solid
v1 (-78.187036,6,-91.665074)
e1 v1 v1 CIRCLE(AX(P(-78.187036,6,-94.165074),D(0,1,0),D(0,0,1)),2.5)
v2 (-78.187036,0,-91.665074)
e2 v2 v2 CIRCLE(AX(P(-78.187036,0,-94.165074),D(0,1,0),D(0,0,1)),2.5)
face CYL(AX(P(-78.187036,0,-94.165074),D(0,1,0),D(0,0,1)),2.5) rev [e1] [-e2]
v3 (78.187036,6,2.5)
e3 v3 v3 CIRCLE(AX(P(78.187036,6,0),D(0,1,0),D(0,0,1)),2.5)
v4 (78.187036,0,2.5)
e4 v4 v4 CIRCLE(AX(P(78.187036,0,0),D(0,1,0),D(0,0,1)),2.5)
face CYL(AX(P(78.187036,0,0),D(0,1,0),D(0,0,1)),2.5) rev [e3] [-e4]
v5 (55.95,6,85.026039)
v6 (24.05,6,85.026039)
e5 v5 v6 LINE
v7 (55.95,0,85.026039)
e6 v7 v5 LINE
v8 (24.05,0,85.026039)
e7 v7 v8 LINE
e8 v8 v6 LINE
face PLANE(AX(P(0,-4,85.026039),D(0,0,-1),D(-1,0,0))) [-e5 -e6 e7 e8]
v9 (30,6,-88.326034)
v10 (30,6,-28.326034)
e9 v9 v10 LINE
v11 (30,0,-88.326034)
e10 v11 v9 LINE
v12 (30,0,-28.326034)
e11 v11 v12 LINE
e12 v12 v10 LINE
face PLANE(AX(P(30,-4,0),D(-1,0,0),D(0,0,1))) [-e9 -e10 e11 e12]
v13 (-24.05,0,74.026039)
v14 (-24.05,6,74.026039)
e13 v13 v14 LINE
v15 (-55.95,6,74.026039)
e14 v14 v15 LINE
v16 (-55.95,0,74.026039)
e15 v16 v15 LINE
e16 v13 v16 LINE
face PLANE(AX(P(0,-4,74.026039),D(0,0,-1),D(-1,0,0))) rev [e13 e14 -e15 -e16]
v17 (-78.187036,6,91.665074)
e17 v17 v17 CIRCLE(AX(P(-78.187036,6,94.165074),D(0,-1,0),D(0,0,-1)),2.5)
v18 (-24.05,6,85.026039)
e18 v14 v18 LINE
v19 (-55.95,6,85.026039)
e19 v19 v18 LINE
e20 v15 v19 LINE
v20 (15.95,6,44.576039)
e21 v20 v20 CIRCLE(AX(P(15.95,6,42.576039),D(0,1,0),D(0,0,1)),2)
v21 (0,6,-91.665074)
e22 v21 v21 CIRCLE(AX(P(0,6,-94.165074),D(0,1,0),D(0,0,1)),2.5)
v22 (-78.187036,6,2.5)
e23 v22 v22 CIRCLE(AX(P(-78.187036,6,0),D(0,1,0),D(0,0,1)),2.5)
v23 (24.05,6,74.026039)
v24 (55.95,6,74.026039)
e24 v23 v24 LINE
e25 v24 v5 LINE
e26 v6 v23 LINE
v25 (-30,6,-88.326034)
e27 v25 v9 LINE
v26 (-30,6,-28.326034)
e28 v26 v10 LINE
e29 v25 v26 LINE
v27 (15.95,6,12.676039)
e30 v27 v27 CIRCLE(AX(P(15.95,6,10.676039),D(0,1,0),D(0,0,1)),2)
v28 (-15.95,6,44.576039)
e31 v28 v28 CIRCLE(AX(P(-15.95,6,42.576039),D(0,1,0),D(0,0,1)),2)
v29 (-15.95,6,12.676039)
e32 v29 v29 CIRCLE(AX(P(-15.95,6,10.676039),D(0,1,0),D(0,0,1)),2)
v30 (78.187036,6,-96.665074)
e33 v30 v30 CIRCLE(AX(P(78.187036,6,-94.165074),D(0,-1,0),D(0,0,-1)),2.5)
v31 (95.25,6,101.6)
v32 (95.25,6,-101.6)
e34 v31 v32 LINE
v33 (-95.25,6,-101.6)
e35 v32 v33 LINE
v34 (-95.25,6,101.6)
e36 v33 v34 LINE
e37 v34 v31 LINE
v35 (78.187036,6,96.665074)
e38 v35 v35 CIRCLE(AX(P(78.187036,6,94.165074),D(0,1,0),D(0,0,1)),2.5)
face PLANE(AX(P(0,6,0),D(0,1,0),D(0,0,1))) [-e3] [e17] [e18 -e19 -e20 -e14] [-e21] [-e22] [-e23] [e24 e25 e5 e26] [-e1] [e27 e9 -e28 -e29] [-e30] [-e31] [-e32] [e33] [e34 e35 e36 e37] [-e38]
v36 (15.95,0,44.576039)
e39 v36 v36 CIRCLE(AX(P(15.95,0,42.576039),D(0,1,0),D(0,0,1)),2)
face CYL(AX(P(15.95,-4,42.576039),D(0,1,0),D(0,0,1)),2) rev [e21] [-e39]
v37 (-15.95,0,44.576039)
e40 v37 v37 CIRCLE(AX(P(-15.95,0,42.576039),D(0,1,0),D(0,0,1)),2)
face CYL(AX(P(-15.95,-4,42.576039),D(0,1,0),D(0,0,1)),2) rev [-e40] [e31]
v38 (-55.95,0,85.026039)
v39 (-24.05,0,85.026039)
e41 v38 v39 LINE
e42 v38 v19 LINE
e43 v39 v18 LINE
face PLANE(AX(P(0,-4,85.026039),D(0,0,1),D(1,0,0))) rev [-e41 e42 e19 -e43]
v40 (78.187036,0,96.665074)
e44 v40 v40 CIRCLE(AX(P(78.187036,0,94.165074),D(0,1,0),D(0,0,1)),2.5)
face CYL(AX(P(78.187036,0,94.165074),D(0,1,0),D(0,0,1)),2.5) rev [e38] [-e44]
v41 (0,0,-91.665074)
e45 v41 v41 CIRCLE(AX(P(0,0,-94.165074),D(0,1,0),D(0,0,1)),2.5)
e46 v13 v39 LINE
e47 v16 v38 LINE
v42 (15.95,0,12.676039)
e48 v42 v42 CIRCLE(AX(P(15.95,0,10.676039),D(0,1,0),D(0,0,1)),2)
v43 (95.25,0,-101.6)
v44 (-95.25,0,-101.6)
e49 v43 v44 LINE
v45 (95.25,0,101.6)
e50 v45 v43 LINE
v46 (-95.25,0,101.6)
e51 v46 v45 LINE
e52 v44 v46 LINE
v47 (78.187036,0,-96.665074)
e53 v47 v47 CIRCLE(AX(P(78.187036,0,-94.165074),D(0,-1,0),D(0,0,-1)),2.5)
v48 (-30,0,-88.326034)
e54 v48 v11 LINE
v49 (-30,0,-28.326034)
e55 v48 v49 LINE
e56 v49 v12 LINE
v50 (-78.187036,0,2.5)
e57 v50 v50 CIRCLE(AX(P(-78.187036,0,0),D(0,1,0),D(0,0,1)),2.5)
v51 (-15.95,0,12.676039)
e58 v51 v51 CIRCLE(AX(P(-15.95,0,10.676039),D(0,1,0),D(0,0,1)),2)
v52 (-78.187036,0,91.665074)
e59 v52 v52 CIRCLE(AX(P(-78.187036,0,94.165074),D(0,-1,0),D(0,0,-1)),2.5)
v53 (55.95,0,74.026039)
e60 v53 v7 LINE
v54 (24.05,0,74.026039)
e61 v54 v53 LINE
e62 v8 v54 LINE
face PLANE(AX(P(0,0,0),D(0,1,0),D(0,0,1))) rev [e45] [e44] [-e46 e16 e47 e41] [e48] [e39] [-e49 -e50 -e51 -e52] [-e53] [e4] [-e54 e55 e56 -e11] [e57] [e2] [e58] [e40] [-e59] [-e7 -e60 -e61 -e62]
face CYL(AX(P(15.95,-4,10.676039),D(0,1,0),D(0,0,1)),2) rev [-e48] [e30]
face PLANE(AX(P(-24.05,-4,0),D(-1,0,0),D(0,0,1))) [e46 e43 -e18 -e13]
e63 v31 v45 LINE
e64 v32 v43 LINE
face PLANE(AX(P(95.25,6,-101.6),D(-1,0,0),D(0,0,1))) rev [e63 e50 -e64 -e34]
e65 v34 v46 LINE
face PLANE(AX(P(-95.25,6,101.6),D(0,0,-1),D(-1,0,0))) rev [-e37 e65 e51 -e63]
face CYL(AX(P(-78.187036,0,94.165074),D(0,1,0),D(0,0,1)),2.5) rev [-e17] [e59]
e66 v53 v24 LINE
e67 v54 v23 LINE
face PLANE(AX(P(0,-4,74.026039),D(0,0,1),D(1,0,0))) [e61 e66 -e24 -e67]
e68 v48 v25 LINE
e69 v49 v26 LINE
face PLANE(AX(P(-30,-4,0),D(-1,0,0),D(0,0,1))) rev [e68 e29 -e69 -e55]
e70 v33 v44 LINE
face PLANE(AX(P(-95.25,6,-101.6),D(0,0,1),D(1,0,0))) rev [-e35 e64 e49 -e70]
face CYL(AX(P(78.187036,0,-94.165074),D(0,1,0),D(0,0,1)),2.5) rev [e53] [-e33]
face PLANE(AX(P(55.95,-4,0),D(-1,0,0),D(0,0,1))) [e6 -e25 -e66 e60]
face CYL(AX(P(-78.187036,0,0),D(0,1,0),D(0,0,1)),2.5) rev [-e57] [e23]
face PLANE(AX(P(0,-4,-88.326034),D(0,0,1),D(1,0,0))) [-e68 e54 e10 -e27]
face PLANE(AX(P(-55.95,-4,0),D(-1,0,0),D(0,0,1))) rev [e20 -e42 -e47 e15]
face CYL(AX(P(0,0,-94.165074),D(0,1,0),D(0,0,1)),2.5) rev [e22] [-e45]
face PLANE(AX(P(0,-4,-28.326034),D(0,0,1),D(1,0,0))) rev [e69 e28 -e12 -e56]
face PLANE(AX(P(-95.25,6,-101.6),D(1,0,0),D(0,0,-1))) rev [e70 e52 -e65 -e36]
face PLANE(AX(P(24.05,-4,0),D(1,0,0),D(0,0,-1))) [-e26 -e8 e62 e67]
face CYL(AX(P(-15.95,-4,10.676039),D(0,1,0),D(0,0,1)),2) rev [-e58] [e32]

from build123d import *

# Parameters (mm, degrees)
SKETCH2_W           = 190.5
SKETCH2_H           = 203.2
BOSS_EXTRUDE1_DEPTH = 6
SKETCH5_R           = 2.5
CUT_EXTRUDE6_DEPTH  = 7
SKETCH6_W           = 31.9
SKETCH6_H           = 11
SKETCH6_R           = 2
CUT_EXTRUDE8_DEPTH  = 10


with BuildPart() as part:
    # Sketch2 → Boss-Extrude1 (new body)
    with BuildSketch(Plane(origin=(0, 0, 0), x_dir=(1, 0, 0), z_dir=(0, 1, 0))):
        Rectangle(SKETCH2_W, SKETCH2_H)
    extrude(amount=BOSS_EXTRUDE1_DEPTH)

    # Sketch5 → Cut-Extrude6 (cut, through all)
    with BuildSketch(Plane(origin=(0, 6, 0), x_dir=(1, 0, 0), z_dir=(0, 1, 0))):
        with Locations((-78.187036158, 94.165073798)):
            Circle(SKETCH5_R)
        with Locations((0, 94.165073798)):
            Circle(SKETCH5_R)
        with Locations((78.187036158, 0)):
            Circle(SKETCH5_R)
        with Locations((-78.187036158, 0)):
            Circle(SKETCH5_R)
        with Locations((78.187036158, 94.165073798)):
            Circle(SKETCH5_R)
        with Locations((-78.187036158, -94.165073798)):
            Circle(SKETCH5_R)
        with Locations((78.187036158, -94.165073798)):
            Circle(SKETCH5_R)
    extrude(amount=-CUT_EXTRUDE6_DEPTH, mode=Mode.SUBTRACT)

    # Sketch6 → Cut-Extrude8 (cut)
    with BuildSketch(Plane(origin=(0, 6, 0), x_dir=(1, 0, 0), z_dir=(0, 1, 0))):
        with Locations((-40, -79.526039011)):
            Rectangle(SKETCH6_W, SKETCH6_H)
        Polygon((-30, 28.326034404), (-15.95, 28.326034404), (20, 28.326034404), (30, 28.326034404), (30, 88.326034404), (-30, 88.326034404), align=None)
        with Locations((40, -79.526039011)):
            Rectangle(SKETCH6_W, SKETCH6_H)
        with Locations((15.95, -10.676039011)):
            Circle(SKETCH6_R)
        with Locations((-15.95, -10.676039011)):
            Circle(SKETCH6_R)
        with Locations((-15.95, -42.576039011)):
            Circle(SKETCH6_R)
        with Locations((15.95, -42.576039011)):
            Circle(SKETCH6_R)
    extrude(amount=-CUT_EXTRUDE8_DEPTH, mode=Mode.SUBTRACT)


solid = part.part
